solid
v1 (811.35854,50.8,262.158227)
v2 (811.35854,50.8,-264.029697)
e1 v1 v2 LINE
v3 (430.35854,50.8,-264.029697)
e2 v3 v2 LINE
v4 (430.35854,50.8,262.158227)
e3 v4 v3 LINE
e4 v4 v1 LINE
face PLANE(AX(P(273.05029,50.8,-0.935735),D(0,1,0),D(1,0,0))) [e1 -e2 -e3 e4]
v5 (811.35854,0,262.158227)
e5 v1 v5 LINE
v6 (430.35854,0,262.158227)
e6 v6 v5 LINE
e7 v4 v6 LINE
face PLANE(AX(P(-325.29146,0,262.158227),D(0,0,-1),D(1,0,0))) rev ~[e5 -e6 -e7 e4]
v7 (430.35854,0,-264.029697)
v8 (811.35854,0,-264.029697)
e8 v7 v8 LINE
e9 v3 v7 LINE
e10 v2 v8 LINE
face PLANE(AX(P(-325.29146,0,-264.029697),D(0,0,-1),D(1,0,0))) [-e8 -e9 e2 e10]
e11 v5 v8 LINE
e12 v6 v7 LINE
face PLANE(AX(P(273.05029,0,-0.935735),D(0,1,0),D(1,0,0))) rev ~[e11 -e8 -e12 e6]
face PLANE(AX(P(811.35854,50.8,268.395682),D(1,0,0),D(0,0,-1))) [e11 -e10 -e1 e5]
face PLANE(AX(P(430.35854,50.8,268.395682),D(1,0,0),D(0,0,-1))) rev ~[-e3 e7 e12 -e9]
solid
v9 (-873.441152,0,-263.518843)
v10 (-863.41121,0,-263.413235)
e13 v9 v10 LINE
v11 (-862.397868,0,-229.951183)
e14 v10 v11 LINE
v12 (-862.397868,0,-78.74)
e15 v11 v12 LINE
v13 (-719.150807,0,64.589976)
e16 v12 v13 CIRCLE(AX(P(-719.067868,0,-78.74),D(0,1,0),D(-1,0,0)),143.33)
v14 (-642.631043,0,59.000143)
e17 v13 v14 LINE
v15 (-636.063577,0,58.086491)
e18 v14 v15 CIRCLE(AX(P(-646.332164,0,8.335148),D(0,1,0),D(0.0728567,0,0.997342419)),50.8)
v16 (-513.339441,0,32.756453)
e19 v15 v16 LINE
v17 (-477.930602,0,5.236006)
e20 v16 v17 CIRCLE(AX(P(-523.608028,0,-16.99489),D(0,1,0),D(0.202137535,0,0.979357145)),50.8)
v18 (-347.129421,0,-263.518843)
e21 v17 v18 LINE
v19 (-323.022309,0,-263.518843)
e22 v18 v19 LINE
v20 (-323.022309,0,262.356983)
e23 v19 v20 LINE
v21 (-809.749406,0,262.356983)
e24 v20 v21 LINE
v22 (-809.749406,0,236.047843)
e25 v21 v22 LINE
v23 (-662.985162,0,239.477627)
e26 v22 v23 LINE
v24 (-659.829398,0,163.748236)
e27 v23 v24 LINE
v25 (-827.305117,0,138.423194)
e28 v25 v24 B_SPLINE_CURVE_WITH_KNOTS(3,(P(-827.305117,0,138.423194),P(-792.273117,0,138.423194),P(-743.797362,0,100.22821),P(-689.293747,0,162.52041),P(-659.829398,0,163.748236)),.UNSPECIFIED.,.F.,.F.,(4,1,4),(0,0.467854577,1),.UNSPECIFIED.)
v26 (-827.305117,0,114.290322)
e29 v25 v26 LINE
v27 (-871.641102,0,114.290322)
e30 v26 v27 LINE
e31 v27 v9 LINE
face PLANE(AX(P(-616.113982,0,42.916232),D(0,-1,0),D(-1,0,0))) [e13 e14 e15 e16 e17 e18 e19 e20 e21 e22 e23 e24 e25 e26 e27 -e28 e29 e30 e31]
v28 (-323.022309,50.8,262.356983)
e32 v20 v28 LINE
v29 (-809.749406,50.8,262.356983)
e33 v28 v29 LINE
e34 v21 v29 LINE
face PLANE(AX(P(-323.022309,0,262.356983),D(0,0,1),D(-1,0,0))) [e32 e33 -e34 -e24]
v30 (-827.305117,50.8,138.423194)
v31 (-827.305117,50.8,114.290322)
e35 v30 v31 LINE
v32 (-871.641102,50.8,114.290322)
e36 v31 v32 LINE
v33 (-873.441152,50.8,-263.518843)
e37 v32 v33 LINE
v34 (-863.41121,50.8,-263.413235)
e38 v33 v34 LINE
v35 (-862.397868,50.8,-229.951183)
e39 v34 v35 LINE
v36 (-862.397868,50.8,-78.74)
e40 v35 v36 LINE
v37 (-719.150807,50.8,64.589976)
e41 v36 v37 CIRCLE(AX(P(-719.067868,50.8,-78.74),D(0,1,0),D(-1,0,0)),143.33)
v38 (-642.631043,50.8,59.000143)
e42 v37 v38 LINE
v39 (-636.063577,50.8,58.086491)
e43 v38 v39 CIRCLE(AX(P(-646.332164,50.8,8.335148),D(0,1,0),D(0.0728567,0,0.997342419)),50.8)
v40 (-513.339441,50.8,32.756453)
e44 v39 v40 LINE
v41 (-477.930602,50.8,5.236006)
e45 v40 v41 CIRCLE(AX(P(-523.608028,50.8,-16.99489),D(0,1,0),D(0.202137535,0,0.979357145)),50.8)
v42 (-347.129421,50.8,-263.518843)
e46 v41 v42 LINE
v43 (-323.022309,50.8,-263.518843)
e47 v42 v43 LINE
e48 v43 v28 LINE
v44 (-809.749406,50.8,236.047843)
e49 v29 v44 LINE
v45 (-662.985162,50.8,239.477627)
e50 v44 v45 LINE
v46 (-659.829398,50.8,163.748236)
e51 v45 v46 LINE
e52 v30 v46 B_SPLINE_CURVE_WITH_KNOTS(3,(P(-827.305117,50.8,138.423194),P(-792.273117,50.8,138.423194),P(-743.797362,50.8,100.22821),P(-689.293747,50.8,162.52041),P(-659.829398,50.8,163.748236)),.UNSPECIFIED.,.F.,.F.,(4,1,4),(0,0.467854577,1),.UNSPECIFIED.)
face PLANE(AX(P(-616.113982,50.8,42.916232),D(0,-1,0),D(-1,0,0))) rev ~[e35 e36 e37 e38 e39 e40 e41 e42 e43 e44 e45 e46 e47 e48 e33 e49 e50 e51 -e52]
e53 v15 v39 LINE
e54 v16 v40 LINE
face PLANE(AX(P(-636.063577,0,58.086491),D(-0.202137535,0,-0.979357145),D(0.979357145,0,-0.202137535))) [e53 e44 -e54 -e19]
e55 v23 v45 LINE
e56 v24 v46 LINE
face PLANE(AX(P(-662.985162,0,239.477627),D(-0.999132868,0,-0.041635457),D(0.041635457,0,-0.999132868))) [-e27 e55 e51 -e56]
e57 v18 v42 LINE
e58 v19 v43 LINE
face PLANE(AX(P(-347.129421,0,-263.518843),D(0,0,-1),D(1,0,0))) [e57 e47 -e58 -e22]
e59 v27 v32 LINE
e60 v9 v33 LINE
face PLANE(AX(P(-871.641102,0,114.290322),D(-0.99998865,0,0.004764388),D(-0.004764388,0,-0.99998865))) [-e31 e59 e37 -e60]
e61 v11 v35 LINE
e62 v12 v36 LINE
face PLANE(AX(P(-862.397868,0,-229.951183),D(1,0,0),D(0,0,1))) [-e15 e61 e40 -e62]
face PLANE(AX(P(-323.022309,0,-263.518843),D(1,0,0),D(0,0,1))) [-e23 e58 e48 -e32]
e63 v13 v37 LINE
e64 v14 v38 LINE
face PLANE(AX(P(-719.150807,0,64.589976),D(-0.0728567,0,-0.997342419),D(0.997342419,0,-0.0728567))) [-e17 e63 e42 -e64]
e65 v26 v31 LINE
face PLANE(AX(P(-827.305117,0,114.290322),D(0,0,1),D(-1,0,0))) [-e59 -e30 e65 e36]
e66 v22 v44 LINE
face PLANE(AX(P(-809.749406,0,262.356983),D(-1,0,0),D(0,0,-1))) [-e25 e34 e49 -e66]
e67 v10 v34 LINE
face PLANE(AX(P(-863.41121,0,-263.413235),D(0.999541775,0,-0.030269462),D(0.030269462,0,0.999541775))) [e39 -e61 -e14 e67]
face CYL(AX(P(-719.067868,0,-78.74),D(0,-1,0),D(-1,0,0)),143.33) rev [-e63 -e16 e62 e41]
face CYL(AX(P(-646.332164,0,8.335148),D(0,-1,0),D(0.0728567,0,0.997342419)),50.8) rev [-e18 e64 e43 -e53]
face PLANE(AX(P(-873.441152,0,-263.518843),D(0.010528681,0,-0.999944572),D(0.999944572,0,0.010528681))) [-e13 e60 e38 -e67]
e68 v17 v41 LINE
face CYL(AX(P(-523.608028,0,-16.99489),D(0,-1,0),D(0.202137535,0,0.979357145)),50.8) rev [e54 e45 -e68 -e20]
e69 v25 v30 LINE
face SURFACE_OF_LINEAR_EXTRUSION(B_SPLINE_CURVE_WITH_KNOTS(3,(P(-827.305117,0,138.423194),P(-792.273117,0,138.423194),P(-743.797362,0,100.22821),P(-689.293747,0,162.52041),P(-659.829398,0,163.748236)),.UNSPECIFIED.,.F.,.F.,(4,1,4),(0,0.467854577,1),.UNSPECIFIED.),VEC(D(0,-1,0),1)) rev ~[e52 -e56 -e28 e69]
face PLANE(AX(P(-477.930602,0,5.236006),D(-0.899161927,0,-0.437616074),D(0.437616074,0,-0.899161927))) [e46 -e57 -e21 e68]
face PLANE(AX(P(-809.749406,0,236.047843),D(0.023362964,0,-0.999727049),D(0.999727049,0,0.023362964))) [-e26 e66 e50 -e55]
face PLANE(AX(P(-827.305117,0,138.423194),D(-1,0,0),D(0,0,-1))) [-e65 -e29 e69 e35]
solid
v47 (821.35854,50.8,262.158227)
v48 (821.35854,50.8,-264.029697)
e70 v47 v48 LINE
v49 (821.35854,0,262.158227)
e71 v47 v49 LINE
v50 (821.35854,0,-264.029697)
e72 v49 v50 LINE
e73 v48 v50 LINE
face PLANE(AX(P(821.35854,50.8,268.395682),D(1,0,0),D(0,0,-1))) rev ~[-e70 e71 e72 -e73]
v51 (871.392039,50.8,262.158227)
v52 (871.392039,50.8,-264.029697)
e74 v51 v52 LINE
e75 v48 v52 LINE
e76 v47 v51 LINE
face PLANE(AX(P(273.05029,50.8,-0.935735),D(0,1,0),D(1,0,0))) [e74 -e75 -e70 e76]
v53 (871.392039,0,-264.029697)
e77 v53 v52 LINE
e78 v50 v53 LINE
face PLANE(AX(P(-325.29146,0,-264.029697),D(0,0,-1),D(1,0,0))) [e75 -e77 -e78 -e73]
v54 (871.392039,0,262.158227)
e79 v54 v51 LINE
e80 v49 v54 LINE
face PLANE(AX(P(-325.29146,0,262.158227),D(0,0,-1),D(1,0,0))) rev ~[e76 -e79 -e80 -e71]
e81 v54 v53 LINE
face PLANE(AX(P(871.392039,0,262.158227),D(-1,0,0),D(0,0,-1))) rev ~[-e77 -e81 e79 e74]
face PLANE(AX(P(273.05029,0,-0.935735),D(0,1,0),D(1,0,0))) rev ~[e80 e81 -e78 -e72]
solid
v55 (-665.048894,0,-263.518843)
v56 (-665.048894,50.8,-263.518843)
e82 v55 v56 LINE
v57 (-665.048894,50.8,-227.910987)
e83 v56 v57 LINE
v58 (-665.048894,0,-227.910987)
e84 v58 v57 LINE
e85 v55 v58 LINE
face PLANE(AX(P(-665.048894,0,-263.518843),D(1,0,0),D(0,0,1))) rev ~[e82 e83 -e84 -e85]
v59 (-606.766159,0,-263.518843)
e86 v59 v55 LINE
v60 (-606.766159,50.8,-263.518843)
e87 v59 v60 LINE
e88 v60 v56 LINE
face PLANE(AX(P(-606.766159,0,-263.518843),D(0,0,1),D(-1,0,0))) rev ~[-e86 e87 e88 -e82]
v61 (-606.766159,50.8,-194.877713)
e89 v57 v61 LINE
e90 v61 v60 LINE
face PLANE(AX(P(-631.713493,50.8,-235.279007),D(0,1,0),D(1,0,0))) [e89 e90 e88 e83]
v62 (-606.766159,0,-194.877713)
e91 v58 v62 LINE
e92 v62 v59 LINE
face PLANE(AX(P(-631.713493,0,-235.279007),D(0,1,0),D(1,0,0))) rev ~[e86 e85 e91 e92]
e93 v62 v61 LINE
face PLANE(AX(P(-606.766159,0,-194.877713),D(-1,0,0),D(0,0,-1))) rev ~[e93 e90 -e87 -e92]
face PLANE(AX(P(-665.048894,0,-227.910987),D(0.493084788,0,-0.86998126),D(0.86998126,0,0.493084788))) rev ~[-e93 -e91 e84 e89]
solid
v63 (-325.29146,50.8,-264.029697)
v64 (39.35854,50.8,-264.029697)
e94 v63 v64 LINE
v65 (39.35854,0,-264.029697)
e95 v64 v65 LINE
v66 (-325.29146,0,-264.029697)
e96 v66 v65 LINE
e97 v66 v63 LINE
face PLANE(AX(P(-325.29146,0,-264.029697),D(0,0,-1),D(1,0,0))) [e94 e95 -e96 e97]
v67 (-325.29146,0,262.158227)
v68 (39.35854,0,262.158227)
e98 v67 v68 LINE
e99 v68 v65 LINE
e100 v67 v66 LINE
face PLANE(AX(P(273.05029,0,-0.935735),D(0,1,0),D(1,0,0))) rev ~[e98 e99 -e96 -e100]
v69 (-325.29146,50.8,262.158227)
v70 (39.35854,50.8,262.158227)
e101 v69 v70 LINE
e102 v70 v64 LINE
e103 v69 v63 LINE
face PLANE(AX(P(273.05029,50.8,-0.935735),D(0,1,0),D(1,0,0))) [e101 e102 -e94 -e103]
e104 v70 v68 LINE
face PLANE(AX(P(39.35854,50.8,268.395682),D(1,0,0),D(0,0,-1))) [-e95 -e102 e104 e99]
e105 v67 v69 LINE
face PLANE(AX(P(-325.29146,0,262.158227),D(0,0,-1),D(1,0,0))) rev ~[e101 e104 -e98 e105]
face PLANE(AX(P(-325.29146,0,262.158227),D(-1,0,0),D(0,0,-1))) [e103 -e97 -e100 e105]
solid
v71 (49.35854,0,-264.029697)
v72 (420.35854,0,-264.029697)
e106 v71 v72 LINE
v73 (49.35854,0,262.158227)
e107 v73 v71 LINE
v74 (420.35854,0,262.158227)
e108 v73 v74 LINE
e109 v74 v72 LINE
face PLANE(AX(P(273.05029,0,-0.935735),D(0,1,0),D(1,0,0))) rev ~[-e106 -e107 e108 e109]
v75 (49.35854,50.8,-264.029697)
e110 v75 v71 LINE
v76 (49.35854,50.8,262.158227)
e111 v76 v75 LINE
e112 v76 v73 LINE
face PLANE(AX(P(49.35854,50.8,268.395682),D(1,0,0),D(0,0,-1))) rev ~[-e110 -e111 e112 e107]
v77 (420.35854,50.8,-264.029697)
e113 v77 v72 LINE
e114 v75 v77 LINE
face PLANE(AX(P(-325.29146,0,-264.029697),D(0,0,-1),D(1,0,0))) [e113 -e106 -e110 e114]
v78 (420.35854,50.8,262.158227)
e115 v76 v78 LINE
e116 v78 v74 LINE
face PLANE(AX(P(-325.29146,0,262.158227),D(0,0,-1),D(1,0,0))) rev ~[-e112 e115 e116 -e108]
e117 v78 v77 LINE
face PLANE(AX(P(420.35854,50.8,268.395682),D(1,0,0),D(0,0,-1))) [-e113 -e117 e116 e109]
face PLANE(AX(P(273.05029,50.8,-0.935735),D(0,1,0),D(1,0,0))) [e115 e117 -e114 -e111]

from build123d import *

# Parameters (mm, degrees)
SKETCH1_W             = 1196.683499022
SKETCH1_H             = 526.187924251
BOSS_EXTRUDE1_DEPTH   = 50.8
SKETCH2_W             = 10
SKETCH2_H             = 538.350737467
CUT_EXTRUDE5_DEPTH    = 912.930045105
BOSS_EXTRUDE2_DEPTH   = 50.8
BOSS_EXTRUDE2_2_DEPTH = 50.8


with BuildPart() as part:
    # Sketch1 → Boss-Extrude1 (new body)
    with BuildSketch(Plane(origin=(0, 0, 0), x_dir=(1, 0, 0), z_dir=(0, 1, 0))):
        with Locations((273.050289715, 0.935735331)):
            Rectangle(SKETCH1_W, SKETCH1_H)
    extrude(amount=BOSS_EXTRUDE1_DEPTH)

    # Sketch2 → Cut-Extrude5 (cut, through all)
    with BuildSketch(Plane(origin=(0, 50.8, 0), x_dir=(1, 0, 0), z_dir=(0, 1, 0))):
        with Locations((425.358540204, 0.779686245)):
            Rectangle(SKETCH2_W, SKETCH2_H)
        with Locations((44.358540204, 0.779686245)):
            Rectangle(SKETCH2_W, SKETCH2_H)
        with Locations((-330.291459796, 0.779686245)):
            Rectangle(SKETCH2_W, SKETCH2_H)
        with Locations((816.358540204, 0.779686245)):
            Rectangle(SKETCH2_W, SKETCH2_H)
    extrude(amount=-CUT_EXTRUDE5_DEPTH, mode=Mode.SUBTRACT)


with BuildPart() as cut_extrude5_piece_1:
    # of the separate pieces the step leaves, piece 1, a body of its own (cut_extrude5_pieces)
    add(part.part.solids().sort_by_distance((430.358540204, 0, 262.158226794))[0])


with BuildPart() as cut_extrude5_piece_2:
    # of the separate pieces the step leaves, piece 2, a body of its own (cut_extrude5_pieces)
    add(part.part.solids().sort_by_distance((49.358540204, 0, 262.158226794))[0])


with BuildPart() as cut_extrude5_piece_3:
    # of the separate pieces the step leaves, piece 3, a body of its own (cut_extrude5_pieces)
    add(part.part.solids().sort_by_distance((-325.291459796, 0, 262.158226794))[0])


with BuildPart() as cut_extrude5_piece_4:
    # of the separate pieces the step leaves, piece 4, a body of its own (cut_extrude5_pieces)
    add(part.part.solids().sort_by_distance((871.392039226, 0, 262.158226794))[0])


with BuildPart() as body_5:
    # Sketch3 → Boss-Extrude2 (new body)
    with BuildSketch(Plane(origin=(0, 0, 0), x_dir=(1, 0, 0), z_dir=(0, 1, 0))):
        with BuildLine():
            Line((-323.022309341, 263.51884305), (-323.022309341, -262.356983028))
            Line((-323.022309341, -262.356983028), (-809.749405531, -262.356983028))
            Line((-809.749405531, -262.356983028), (-809.749405531, -236.047842805))
            Line((-809.749405531, -236.047842805), (-662.985161767, -239.477626694))
            Line((-662.985161767, -239.477626694), (-659.829397565, -163.748236388))
            add(Edge.make_bspline(
                [(-827.305117277, -138.423193725), (-792.273117361, -138.423193725), (-743.797362049, -100.228210329), (-689.293747089, -162.520410056), (-659.829397565, -163.748236388)],
                knots=[0, 0, 0, 0, 0.467854577, 1, 1, 1, 1], degree=3))
            Line((-827.305117277, -138.423193725), (-827.305117277, -114.290321726))
            Line((-827.305117277, -114.290321726), (-871.641101875, -114.290321726))
            Line((-871.641101875, -114.290321726), (-873.441151591, 263.51884305))
            Line((-873.441151591, 263.51884305), (-863.411210196, 263.413235142))
            Line((-863.411210196, 263.413235142), (-862.397867535, 229.951182956))
            Line((-862.397867535, 229.951182956), (-862.397867535, 78.74))
            ThreePointArc((-862.397867535, 78.74), (-820.446801819, -22.580287127), (-719.150807137, -64.589976003))
            Line((-719.150807137, -64.589976003), (-642.631043373, -59.000143107))
            ThreePointArc((-642.631043373, -59.000143107), (-639.332387346, -58.650584514), (-636.063576939, -58.086491159))
            Line((-636.063576939, -58.086491159), (-513.339441144, -32.756452519))
            ThreePointArc((-513.339441144, -32.756452519), (-492.433794564, -23.115048161), (-477.930602029, -5.236006151))
            Line((-477.930602029, -5.236006151), (-347.129420906, 263.51884305))
            Line((-347.129420906, 263.51884305), (-323.022309341, 263.51884305))
        make_face()
    extrude(amount=BOSS_EXTRUDE2_DEPTH)


with BuildPart() as body_6:
    # Sketch3 → Boss-Extrude2 2 (new body)
    with BuildSketch(Plane(origin=(0, 0, 0), x_dir=(1, 0, 0), z_dir=(0, 1, 0))):
        Polygon((-606.766159206, 263.51884305), (-665.048893777, 263.51884305), (-665.048893777, 227.910987393), (-606.766159206, 194.877712853), align=None)
    extrude(amount=BOSS_EXTRUDE2_2_DEPTH)


solid = Compound([cut_extrude5_piece_1.part, cut_extrude5_piece_2.part, cut_extrude5_piece_3.part, cut_extrude5_piece_4.part, body_5.part, body_6.part])
